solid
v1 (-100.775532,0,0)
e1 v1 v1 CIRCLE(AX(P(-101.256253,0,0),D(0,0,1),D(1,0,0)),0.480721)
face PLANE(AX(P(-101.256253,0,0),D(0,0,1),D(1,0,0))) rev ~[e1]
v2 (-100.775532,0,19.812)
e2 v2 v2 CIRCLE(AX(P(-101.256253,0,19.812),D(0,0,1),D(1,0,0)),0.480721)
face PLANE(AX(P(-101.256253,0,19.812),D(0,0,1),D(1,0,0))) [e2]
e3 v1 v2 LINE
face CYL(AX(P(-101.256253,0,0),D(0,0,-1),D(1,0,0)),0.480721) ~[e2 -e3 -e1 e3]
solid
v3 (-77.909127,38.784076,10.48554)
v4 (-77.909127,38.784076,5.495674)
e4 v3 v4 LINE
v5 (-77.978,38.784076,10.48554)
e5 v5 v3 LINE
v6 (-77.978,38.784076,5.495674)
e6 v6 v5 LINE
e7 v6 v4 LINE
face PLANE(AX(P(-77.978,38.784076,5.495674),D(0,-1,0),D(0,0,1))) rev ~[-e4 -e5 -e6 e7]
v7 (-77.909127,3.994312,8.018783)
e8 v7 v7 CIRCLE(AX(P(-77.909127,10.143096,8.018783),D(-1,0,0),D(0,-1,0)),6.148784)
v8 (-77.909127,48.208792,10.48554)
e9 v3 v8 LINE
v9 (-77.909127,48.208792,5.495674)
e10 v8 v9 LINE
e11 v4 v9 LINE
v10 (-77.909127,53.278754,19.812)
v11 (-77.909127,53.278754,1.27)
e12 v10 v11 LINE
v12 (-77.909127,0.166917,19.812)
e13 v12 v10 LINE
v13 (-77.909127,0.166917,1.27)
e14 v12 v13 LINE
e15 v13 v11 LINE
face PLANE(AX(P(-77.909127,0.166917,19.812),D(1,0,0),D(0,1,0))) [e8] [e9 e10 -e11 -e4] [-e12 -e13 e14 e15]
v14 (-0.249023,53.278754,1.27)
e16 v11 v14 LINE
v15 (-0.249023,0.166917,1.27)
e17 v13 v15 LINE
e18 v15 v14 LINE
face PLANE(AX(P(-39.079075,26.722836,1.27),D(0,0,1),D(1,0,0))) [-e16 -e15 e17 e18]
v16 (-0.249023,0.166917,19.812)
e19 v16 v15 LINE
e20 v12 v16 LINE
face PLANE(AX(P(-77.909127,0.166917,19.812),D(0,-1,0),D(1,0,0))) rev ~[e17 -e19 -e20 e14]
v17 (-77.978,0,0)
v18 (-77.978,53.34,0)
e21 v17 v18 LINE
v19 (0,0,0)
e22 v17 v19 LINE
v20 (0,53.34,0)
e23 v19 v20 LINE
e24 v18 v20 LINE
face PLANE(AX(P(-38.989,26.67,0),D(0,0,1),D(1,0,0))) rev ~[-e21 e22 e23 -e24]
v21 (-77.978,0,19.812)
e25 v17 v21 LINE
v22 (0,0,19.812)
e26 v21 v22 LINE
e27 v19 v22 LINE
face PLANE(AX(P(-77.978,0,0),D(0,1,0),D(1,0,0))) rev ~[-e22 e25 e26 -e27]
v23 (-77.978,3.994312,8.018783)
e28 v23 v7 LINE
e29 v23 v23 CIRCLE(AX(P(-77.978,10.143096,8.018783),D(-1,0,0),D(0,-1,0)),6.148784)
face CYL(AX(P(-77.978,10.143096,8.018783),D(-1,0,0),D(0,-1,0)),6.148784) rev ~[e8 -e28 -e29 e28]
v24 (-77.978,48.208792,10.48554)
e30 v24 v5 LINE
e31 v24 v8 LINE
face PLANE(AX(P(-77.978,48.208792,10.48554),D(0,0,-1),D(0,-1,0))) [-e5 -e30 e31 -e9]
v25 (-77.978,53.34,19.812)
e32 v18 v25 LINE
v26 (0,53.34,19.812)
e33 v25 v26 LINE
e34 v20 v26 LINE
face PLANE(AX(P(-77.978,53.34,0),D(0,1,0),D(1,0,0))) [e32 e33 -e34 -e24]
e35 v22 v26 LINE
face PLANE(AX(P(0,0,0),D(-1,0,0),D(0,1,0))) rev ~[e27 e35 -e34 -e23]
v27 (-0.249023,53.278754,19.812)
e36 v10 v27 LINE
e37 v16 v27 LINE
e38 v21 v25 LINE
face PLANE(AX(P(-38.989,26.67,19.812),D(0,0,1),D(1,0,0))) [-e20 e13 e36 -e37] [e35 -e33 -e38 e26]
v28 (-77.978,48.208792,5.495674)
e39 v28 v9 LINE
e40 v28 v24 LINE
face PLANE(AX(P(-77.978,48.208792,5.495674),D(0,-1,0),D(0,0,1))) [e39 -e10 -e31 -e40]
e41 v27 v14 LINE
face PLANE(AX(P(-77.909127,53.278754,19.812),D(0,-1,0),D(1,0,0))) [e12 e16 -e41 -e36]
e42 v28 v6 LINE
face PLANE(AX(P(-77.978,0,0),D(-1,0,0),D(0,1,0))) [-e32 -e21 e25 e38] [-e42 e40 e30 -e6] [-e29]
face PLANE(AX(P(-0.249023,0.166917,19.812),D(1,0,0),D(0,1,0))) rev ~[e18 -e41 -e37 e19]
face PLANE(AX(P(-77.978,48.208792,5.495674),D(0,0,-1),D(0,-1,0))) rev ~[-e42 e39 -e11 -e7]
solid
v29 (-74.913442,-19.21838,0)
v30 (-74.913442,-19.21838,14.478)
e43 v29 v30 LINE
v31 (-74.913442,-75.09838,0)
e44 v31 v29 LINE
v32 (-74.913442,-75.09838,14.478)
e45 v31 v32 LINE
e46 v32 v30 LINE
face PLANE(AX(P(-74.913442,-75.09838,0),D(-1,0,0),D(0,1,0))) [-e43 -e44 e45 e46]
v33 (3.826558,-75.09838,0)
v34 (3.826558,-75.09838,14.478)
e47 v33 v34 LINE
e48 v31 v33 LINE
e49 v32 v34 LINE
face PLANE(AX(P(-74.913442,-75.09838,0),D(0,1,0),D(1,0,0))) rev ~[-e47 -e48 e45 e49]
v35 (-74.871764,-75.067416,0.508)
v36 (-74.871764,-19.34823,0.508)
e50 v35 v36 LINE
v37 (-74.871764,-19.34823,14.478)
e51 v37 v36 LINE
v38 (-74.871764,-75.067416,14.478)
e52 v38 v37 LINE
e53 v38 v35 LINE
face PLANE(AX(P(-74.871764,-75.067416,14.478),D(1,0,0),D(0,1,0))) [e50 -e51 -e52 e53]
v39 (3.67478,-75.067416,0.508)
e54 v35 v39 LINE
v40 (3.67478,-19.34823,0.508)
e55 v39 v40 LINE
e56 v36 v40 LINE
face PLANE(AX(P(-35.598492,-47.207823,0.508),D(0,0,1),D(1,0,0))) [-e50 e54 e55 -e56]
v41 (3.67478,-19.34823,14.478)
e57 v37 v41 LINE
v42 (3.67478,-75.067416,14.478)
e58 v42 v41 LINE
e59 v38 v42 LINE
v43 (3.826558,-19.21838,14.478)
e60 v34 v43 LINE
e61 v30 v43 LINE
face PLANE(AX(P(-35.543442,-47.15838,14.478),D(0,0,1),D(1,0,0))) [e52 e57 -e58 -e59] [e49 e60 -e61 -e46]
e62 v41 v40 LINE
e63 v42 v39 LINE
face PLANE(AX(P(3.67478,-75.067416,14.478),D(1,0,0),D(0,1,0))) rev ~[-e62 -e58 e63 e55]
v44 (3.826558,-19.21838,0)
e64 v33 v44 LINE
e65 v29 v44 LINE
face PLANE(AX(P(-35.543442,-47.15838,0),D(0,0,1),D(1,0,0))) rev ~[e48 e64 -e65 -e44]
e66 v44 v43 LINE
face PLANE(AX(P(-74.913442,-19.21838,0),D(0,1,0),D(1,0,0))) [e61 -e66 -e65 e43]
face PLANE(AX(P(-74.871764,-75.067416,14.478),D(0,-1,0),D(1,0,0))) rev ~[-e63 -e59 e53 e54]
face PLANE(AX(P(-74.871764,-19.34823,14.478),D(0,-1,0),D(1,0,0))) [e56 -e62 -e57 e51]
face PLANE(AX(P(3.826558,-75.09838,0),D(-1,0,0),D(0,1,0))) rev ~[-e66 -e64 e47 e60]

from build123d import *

# Parameters (mm, degrees)
F0_R      = 0.480721
F0_W      = 77.978
F0_H      = 53.34
F1_DEPTH  = 19.812
F2_R      = 6.148784
F3_DEPTH  = 25.4
F4_W      = 77.660104
F4_H      = 53.111837
F5_DEPTH  = 18.542
F6_W      = 9.424716
F6_H      = 4.989866
F7_DEPTH  = 25.4
F8_W      = 78.74
F8_H      = 55.88
F9_DEPTH  = 14.478
F10_W     = 78.546543
F10_H     = 55.719186
F11_DEPTH = 13.97


with BuildPart() as f1:
    # F0 (on Top) → F1 (new body)
    with BuildSketch(Plane.XY):
        with Locations((-101.256253, 0)):
            Circle(F0_R)
        with Locations((-38.989, 26.67)):
            Rectangle(F0_W, F0_H)
    extrude(amount=F1_DEPTH)

    # F2 (on face) → F3 (cut)
    with BuildSketch(Plane(origin=(-77.978, 0, 0), x_dir=(0, -1, 0), z_dir=(-1, 0, 0))):
        with Locations((-10.143096, 8.018783)):
            Circle(F2_R)
    extrude(amount=-F3_DEPTH, mode=Mode.SUBTRACT)

    # F4 (on face) → F5 (cut)
    with BuildSketch(Plane.XY.offset(19.812)):
        with Locations((-39.079075, 26.722836)):
            Rectangle(F4_W, F4_H)
    extrude(amount=-F5_DEPTH, mode=Mode.SUBTRACT)

    # F6 (on face) → F7 (cut)
    with BuildSketch(Plane(origin=(-77.978, 0, 0), x_dir=(0, -1, 0), z_dir=(-1, 0, 0))):
        with Locations((-43.496434, 7.990607)):
            Rectangle(F6_W, F6_H)
    extrude(amount=-F7_DEPTH, mode=Mode.SUBTRACT)


with BuildPart() as f9:
    # F8 (on Top) → F9 (new body)
    with BuildSketch(Plane.XY):
        with Locations((-35.543442, -47.15838)):
            Rectangle(F8_W, F8_H)
    extrude(amount=F9_DEPTH)

    # F10 (on face) → F11 (cut)
    with BuildSketch(Plane.XY.offset(14.478)):
        with Locations((-35.598492, -47.207823)):
            Rectangle(F10_W, F10_H)
    extrude(amount=-F11_DEPTH, mode=Mode.SUBTRACT)


solid = Compound([f1.part, f9.part])
